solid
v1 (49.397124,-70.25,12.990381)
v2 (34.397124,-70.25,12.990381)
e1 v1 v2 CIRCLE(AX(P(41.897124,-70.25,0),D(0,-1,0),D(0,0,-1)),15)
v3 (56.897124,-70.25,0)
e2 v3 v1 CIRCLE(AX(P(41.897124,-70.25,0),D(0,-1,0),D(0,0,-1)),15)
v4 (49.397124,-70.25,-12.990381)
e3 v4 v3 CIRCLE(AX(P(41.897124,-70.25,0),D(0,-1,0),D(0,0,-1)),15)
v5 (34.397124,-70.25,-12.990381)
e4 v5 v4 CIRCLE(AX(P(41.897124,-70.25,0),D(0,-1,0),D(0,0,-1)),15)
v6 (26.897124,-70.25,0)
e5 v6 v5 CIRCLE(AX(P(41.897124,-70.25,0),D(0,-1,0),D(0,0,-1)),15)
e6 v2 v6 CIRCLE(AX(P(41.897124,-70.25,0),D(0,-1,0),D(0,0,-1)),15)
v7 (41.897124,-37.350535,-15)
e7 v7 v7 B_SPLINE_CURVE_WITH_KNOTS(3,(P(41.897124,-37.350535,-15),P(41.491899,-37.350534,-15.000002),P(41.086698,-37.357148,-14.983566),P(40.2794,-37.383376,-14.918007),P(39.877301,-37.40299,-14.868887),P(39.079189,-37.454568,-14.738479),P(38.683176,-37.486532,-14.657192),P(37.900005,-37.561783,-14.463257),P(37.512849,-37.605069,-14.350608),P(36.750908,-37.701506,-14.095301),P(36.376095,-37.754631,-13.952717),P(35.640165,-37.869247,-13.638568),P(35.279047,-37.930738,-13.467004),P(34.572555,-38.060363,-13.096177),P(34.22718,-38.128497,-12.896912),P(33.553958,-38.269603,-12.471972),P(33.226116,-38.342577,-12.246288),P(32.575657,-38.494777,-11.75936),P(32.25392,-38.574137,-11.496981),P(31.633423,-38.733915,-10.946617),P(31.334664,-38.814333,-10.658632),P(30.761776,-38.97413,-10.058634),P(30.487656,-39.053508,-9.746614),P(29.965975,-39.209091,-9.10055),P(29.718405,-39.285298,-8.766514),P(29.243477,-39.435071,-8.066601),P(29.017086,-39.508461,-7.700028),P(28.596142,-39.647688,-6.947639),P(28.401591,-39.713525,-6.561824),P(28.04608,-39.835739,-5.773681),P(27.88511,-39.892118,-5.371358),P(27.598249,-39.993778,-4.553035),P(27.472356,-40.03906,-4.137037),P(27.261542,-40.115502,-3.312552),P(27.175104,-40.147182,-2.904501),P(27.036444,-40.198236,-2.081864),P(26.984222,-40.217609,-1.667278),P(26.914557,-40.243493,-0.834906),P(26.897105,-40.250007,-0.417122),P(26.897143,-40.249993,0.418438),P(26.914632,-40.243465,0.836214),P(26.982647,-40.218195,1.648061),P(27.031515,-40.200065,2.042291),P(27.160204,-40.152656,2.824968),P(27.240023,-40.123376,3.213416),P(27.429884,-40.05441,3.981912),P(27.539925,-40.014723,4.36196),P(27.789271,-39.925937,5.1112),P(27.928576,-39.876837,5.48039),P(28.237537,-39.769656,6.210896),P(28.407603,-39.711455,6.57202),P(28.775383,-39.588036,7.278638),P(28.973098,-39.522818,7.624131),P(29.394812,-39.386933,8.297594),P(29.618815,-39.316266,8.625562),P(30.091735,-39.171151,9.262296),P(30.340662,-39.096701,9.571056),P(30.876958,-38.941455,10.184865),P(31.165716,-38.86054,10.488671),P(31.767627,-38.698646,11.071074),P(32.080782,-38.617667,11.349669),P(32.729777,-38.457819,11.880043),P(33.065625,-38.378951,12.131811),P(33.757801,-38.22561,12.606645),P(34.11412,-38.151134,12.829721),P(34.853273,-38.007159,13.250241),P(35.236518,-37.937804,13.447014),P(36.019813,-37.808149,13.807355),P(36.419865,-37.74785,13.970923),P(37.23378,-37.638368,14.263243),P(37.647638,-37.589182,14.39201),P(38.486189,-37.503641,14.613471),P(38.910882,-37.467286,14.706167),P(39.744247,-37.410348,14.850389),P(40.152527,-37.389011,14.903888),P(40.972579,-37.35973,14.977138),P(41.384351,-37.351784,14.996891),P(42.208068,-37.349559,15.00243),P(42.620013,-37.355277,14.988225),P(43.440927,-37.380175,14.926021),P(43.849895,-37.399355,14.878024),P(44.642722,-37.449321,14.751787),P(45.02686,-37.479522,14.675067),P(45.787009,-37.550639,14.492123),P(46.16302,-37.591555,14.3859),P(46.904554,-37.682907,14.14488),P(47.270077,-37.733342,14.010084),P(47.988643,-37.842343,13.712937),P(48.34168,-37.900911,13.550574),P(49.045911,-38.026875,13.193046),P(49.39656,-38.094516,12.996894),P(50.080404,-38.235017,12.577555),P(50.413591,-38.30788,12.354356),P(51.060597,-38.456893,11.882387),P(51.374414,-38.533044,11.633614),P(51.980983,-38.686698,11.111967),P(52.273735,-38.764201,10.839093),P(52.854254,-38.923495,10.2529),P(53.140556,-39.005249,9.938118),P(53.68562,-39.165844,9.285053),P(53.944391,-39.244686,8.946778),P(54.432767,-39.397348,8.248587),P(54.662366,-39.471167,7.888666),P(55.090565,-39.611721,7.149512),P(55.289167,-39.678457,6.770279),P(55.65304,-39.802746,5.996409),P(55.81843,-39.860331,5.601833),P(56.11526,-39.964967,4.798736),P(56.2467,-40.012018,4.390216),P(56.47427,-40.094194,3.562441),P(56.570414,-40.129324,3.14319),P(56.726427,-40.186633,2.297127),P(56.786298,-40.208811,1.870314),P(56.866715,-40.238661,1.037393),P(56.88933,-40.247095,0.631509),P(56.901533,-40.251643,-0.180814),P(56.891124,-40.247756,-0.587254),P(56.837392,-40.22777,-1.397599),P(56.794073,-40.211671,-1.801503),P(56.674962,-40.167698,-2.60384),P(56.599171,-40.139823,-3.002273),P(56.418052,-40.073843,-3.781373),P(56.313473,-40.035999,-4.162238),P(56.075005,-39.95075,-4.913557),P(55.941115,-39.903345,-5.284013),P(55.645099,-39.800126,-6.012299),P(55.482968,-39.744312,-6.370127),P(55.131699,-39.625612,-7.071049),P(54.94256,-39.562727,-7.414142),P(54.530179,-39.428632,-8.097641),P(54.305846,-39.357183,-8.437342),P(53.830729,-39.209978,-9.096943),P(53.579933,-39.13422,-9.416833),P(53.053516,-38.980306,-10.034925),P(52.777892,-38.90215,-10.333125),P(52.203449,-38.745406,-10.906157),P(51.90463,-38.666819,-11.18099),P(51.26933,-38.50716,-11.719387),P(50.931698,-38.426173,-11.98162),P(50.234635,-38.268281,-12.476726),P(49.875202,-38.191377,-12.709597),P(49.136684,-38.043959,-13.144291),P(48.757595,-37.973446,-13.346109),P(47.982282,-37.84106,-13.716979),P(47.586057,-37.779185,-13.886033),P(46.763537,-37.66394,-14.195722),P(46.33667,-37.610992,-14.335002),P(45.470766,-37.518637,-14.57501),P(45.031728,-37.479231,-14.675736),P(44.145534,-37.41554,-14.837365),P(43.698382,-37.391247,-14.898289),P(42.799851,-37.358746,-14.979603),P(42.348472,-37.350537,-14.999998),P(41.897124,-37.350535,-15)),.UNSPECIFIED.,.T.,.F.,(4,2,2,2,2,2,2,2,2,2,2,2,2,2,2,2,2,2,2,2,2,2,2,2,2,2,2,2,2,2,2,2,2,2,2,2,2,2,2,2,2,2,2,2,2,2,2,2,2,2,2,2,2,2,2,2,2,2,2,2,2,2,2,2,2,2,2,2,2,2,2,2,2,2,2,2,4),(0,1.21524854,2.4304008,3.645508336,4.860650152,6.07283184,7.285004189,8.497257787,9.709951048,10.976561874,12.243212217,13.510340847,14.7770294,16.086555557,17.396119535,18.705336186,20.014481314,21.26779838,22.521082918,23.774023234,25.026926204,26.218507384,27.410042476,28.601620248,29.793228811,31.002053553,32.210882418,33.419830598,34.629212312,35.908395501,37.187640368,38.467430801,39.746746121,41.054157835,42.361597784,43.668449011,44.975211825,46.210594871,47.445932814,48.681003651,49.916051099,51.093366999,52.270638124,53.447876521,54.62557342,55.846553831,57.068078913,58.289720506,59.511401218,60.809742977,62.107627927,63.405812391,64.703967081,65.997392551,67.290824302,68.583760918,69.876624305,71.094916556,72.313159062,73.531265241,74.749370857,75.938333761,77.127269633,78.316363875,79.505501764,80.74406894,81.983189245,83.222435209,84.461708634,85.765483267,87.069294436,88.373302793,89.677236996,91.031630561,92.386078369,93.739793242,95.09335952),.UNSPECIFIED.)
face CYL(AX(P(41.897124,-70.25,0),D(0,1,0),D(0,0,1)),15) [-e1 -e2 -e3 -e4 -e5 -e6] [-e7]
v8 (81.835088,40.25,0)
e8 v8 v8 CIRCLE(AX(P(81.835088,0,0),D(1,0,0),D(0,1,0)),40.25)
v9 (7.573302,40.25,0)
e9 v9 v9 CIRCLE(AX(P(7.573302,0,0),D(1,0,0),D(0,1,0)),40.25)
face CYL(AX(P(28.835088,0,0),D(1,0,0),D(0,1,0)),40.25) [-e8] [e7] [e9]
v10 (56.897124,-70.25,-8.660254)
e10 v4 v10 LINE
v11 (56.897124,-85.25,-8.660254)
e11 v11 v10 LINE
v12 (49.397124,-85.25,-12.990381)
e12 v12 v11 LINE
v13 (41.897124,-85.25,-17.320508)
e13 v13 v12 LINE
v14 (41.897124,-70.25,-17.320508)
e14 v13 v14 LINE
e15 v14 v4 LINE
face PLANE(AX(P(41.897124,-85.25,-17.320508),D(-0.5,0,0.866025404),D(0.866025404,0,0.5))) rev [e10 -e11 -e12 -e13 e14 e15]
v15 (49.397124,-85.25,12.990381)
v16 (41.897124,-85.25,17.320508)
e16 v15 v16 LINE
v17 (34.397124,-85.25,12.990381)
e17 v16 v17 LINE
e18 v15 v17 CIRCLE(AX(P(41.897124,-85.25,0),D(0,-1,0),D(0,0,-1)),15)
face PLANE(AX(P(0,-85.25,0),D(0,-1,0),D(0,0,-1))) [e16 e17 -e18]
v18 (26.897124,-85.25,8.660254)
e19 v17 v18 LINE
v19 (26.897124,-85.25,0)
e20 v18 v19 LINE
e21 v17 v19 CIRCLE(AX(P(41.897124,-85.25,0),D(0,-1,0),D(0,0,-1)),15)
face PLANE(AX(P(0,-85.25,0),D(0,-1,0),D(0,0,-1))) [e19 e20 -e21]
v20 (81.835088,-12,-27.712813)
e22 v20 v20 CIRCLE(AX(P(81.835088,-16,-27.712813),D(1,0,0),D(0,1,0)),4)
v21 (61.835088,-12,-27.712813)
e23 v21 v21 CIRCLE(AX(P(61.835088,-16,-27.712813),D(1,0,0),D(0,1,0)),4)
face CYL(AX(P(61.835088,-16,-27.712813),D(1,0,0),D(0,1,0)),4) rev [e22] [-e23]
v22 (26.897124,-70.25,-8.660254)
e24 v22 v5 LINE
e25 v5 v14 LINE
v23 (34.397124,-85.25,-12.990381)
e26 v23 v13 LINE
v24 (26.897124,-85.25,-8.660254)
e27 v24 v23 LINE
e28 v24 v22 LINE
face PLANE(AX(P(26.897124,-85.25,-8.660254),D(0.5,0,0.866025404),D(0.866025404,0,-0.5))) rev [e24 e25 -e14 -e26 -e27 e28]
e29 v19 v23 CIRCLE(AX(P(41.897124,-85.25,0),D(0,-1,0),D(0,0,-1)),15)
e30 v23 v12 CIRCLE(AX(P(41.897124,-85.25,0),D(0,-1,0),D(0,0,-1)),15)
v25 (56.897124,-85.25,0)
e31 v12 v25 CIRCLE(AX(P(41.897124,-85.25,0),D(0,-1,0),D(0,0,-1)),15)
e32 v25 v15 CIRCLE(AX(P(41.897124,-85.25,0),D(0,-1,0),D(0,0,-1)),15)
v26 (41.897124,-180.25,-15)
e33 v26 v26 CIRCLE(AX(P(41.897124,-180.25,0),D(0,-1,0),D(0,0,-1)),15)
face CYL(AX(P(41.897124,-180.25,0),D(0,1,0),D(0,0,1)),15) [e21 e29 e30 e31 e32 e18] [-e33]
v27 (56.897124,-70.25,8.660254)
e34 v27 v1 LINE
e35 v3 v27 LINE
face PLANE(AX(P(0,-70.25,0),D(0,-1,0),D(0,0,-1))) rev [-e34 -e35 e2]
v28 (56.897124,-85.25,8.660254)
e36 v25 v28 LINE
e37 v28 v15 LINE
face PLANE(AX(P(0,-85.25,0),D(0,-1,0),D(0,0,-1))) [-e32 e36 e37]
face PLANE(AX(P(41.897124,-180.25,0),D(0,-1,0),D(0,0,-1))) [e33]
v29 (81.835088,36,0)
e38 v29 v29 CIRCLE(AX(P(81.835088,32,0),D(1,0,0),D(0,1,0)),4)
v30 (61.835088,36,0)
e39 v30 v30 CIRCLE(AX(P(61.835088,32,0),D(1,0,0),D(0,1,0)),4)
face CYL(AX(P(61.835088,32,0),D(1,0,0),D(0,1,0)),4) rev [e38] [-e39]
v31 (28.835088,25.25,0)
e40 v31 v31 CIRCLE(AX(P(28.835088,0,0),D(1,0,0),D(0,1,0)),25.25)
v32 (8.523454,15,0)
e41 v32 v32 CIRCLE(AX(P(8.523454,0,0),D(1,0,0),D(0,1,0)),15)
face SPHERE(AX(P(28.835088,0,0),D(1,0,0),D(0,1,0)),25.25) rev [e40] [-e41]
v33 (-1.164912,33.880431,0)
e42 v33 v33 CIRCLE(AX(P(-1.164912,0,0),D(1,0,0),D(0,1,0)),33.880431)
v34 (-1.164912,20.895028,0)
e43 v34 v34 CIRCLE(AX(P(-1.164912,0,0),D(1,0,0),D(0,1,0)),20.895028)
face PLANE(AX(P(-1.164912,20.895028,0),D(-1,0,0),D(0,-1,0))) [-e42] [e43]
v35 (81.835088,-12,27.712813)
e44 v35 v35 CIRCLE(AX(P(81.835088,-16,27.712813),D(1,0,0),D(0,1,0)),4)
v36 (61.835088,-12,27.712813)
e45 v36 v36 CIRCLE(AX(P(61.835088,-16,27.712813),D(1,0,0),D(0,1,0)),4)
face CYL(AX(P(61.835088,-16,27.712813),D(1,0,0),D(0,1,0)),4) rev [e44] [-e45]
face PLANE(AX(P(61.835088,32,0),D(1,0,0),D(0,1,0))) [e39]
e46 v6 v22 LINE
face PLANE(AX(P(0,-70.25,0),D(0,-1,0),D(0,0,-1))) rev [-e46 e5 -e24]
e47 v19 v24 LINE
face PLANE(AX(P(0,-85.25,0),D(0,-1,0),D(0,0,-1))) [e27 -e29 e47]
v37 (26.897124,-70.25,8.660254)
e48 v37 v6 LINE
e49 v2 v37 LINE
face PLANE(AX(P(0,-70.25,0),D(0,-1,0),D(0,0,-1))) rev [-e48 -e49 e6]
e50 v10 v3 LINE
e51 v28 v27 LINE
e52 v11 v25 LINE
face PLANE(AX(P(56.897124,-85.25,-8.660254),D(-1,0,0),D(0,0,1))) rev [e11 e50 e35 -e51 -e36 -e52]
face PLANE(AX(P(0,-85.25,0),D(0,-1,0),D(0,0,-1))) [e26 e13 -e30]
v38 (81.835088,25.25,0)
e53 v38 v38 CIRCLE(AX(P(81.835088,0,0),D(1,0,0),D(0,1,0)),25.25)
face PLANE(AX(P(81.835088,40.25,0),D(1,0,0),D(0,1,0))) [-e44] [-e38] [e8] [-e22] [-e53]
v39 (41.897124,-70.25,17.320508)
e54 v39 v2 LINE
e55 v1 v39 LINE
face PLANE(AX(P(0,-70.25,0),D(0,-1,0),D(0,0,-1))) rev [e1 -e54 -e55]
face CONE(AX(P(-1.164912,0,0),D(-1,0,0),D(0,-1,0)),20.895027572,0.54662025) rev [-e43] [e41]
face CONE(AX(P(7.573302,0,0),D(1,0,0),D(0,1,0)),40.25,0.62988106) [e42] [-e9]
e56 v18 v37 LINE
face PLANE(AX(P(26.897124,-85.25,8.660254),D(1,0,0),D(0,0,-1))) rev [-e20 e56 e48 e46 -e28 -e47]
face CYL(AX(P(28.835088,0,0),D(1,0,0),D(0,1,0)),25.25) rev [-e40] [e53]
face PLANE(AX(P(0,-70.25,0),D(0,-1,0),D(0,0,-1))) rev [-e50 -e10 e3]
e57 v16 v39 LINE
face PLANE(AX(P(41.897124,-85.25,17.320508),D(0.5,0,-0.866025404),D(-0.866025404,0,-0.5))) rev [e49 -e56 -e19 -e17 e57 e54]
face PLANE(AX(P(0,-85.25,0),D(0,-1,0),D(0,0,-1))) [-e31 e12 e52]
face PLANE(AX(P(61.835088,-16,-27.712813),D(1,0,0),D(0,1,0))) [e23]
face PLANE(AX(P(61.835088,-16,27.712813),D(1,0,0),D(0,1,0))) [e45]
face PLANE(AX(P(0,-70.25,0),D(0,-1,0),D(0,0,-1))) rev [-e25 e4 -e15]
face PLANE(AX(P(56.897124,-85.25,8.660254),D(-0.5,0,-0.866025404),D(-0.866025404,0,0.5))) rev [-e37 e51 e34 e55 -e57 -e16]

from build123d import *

# Parameters (mm, degrees)
SKETCH2_R                            = 15
BOSS_EXTRUDE1_DEPTH                  = 30
BOSS_EXTRUDE1_DIRECTION_2_REACH      = 123.644
BOSS_EXTRUDE1_DIRECTION_2_END_RADIUS = 40.25
BOSS_EXTRUDE2_DEPTH                  = 15
BOSS_EXTRUDE3_START                  = 95
SKETCH4_R                            = 15
BOSS_EXTRUDE3_DEPTH                  = 95
SKETCH5_R                            = 4
CUT_EXTRUDE1_DEPTH                   = 20


with BuildPart() as part:
    # Sketch1 → Revolve1 (revolve)
    with BuildSketch(Plane.XY):
        with BuildLine():
            Line((8.523453836, 15), (-1.164911567, 20.895027572))
            Line((-1.164911567, 20.895027572), (-1.164911567, 33.880431222))
            Line((-1.164911567, 33.880431222), (7.573302349, 40.25))
            Line((7.573302349, 40.25), (81.835088433, 40.25))
            Line((81.835088433, 40.25), (81.835088433, 25.25))
            Line((81.835088433, 25.25), (28.835088433, 25.25))
            ThreePointArc((28.835088433, 25.25), (17.45940164, 22.542321309), (8.523453836, 15))
        make_face()
    revolve(axis=Axis((28.835088433, 0, 0), (-1, 0, 0)))

    # Sketch2 → Boss-Extrude1 (add)
    with BuildSketch(Plane(origin=(0, -40.25, 0), x_dir=(-1, 0, 0), z_dir=(0, -1, 0))):
        with Locations(Location((-41.897124258, 0, 0), (0, 0, 90))):
            Circle(SKETCH2_R)
    extrude(amount=BOSS_EXTRUDE1_DEPTH)

    # Boss-Extrude1 direction 2: up to this cylinder (the profile starts outside it)
    boss_extrude1_direction_2_end = Plane(origin=(41.897124, 0, 0), z_dir=(1, 0, 0)) * Cylinder(BOSS_EXTRUDE1_DIRECTION_2_END_RADIUS, 328.788, mode=Mode.PRIVATE)
    # Sketch2 → Boss-Extrude1 direction 2 (add, up to the surface)
    with BuildSketch(Plane(origin=(0, -40.25, 0), x_dir=(-1, 0, 0), z_dir=(0, -1, 0)), mode=Mode.PRIVATE) as boss_extrude1_direction_2_sk1:
        with Locations(Location((-41.897124258, 0, 0), (0, 0, 90))):
            Circle(SKETCH2_R)
    boss_extrude1_direction_2_tool1 = extrude(boss_extrude1_direction_2_sk1.sketch, amount=-BOSS_EXTRUDE1_DIRECTION_2_REACH, mode=Mode.PRIVATE) - boss_extrude1_direction_2_end
    add(boss_extrude1_direction_2_tool1.solids().sort_by_distance((41.897124, -40.25, 0))[0])
    add(boss_extrude1_direction_2_tool1.solids().sort_by_distance((41.897124, -40.25, 0))[1])

    # Sketch3 → Boss-Extrude2 (add)
    with BuildSketch(Plane.XZ.offset(70.25)):
        Polygon((56.897124258, -8.660254038), (56.897124258, 8.660254038), (41.897124258, 17.320508076), (26.897124258, 8.660254038), (26.897124258, -8.660254038), (41.897124258, -17.320508076), align=None)
    extrude(amount=BOSS_EXTRUDE2_DEPTH)

    # Sketch4 → Boss-Extrude3 (add)
    with BuildSketch(Plane.XZ.offset(85.25).offset(BOSS_EXTRUDE3_START)):
        with Locations(Location((41.897124258, 0, 0), (0, 0, 120))):
            Circle(SKETCH4_R)
    extrude(amount=-BOSS_EXTRUDE3_DEPTH)

    # Sketch5 → Cut-Extrude1 (cut)
    with BuildSketch(Plane(origin=(81.835088433, 0, 0), x_dir=(0, 0, -1), z_dir=(1, 0, 0))):
        with Locations(Location((0, 32, 0), (0, 0, 90))):
            Circle(SKETCH5_R)
        with Locations(Location((27.712812921, -16, 0), (0, 0, 90))):
            Circle(SKETCH5_R)
        with Locations(Location((-27.712812921, -16, 0), (0, 0, 90))):
            Circle(SKETCH5_R)
    extrude(amount=-CUT_EXTRUDE1_DEPTH, mode=Mode.SUBTRACT)


solid = part.part
